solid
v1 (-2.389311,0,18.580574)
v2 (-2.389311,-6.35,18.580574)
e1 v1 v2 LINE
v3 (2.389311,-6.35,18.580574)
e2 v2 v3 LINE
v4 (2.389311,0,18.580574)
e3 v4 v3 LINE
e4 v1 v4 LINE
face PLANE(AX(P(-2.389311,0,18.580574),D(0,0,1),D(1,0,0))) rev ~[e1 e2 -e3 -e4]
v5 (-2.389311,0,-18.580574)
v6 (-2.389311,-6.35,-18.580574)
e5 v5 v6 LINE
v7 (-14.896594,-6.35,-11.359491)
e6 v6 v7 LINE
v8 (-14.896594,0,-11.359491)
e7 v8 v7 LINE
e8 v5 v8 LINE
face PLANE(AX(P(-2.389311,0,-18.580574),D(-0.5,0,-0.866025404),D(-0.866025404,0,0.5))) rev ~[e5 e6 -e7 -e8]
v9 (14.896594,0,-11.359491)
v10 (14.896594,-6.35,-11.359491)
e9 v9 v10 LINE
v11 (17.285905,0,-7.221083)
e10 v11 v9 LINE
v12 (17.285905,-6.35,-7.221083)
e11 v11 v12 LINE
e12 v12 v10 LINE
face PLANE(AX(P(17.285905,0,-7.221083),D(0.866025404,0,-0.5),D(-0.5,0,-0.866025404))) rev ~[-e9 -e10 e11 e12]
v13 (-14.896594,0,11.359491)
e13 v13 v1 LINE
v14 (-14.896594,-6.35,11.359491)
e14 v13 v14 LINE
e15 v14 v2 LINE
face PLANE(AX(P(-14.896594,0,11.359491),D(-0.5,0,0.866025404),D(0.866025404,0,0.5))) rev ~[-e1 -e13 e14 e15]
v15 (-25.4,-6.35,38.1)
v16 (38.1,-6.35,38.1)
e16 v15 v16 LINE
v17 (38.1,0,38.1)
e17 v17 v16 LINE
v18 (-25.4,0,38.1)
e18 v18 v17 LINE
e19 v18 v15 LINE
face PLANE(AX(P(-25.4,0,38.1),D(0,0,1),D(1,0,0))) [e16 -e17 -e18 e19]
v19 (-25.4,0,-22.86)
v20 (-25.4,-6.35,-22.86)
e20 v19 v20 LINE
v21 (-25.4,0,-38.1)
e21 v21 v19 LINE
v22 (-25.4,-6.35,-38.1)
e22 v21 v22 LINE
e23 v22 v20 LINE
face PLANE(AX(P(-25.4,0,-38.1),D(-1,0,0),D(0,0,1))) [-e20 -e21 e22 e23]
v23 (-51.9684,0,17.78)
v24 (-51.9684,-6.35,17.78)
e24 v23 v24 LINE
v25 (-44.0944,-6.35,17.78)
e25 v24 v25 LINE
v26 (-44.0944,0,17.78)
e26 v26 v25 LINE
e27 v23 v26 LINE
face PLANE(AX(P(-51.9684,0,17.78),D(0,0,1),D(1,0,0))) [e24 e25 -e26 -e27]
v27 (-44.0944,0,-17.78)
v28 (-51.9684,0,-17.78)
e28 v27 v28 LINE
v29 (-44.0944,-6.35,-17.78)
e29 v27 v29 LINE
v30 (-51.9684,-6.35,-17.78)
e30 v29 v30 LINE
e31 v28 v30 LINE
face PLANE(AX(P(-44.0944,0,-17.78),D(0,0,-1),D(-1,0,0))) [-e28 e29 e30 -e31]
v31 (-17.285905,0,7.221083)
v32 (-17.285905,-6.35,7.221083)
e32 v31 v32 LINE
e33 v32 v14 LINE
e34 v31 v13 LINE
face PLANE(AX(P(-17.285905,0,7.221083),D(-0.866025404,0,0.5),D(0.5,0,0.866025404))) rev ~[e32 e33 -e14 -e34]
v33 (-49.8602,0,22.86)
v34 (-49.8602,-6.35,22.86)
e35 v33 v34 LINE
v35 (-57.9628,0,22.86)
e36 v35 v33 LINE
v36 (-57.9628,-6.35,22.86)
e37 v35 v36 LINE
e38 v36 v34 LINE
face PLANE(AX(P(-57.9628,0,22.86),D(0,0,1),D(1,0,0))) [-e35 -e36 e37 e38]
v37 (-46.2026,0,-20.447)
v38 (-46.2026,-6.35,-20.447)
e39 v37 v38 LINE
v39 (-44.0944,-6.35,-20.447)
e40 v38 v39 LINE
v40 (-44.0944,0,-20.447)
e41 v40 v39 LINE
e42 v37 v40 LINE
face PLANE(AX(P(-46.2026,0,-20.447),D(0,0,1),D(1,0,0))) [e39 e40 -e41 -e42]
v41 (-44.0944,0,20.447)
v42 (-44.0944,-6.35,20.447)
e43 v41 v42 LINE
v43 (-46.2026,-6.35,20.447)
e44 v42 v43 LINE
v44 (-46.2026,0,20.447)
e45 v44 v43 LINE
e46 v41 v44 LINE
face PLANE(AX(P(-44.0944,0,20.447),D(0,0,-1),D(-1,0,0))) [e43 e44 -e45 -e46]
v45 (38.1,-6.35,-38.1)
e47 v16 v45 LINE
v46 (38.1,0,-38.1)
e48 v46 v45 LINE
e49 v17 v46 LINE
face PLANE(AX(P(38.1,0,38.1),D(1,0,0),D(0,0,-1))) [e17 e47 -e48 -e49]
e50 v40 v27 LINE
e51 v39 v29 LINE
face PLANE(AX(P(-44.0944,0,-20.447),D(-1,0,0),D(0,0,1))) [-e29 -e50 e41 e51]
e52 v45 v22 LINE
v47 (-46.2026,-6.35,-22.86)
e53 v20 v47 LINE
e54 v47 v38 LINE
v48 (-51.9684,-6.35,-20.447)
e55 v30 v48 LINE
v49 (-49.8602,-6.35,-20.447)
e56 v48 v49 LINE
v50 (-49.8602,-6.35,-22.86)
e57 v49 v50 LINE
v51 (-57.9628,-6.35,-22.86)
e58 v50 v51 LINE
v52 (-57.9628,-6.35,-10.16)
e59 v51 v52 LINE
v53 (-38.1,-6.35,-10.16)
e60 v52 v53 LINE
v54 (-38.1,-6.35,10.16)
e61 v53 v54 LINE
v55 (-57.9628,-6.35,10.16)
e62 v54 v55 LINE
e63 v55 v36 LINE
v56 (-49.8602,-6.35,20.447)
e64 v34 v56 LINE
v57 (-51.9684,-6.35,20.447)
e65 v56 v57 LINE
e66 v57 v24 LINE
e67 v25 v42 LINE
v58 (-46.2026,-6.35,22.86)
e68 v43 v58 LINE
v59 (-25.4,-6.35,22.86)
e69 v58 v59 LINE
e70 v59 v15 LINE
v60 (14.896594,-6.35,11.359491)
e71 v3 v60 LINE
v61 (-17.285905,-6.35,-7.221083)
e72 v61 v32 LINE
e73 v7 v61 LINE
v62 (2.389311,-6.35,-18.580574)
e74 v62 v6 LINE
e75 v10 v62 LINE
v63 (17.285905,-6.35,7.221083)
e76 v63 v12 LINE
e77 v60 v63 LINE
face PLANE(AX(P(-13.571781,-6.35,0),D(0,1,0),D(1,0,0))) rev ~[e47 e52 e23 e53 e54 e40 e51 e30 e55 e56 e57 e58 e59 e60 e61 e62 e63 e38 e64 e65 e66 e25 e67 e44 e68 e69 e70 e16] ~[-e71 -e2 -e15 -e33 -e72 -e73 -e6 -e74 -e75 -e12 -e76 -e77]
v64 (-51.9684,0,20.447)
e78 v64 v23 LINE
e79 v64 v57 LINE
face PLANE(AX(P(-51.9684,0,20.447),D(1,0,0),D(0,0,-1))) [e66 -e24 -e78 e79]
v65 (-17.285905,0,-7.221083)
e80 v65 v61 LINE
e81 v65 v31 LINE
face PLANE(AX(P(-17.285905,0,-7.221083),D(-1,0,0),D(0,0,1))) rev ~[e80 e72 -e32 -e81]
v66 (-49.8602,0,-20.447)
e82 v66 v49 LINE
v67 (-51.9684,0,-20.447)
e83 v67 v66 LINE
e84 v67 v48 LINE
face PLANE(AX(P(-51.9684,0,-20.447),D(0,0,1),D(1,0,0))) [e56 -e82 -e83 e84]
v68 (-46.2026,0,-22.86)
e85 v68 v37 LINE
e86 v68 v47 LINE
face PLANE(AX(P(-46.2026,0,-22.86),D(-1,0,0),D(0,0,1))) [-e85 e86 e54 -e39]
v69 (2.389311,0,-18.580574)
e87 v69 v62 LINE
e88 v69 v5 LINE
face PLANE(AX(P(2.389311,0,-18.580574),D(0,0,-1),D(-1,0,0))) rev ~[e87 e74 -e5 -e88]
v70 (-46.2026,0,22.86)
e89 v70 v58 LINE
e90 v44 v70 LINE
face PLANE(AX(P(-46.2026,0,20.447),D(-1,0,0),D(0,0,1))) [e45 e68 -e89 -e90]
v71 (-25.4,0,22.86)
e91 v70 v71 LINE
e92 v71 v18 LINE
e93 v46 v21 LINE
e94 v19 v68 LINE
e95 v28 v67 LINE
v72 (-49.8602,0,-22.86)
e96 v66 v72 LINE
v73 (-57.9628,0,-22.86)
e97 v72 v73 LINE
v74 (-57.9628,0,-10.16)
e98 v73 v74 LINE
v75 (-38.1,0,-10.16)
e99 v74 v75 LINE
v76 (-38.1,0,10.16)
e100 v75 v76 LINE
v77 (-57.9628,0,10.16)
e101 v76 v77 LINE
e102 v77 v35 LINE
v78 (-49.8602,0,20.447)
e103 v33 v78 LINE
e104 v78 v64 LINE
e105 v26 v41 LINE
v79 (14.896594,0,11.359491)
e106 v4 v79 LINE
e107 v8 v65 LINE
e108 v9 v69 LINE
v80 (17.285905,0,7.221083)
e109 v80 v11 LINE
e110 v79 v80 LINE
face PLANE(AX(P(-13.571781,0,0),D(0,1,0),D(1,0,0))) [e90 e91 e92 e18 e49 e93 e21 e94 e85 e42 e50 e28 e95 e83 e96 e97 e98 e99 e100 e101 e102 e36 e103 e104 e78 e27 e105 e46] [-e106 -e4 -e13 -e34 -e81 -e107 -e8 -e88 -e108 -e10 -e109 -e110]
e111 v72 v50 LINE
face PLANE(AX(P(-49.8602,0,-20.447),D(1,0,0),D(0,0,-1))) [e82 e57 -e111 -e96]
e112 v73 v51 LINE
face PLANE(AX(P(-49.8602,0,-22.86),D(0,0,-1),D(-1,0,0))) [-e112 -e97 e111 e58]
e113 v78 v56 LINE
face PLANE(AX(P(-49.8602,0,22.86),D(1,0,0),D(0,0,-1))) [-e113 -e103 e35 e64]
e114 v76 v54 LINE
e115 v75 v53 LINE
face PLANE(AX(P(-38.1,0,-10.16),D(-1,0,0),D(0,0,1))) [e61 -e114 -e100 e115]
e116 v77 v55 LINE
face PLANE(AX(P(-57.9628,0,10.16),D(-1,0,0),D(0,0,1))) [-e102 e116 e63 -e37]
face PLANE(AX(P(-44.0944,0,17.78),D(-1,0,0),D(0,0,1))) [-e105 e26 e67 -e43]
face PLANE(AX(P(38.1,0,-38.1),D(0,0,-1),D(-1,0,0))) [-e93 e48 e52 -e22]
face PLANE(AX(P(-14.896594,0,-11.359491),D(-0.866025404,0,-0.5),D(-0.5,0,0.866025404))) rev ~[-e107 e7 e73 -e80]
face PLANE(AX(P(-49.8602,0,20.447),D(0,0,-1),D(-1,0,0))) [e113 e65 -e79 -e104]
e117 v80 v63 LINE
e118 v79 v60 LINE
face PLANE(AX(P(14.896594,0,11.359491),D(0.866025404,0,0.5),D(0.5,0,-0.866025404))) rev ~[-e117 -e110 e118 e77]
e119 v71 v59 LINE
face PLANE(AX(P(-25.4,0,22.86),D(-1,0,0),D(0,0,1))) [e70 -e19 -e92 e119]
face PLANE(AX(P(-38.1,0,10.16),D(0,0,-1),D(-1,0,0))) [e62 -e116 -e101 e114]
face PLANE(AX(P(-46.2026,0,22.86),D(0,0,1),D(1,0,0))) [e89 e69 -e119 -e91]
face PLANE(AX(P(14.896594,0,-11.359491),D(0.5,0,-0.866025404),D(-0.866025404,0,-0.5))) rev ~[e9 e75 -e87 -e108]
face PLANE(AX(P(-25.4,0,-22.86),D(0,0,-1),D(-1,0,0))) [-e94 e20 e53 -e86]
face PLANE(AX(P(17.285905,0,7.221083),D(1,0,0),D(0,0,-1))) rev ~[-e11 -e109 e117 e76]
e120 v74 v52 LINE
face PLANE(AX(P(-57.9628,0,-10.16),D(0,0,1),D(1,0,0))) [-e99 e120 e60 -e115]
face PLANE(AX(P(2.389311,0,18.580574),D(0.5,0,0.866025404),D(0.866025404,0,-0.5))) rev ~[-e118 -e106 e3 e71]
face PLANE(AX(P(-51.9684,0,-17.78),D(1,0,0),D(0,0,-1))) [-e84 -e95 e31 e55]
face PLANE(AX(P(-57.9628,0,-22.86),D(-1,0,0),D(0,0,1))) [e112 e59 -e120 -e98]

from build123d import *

# Parameters (mm, degrees)
BOSS_EXTRUDE1_DEPTH = 6.35


with BuildPart() as part:
    # Sketch1 → Boss-Extrude1 (new body)
    with BuildSketch(Plane(origin=(0, 0, 0), x_dir=(1, 0, 0), z_dir=(0, 1, 0))):
        Polygon((-25.4, -38.1), (38.1, -38.1), (38.1, 38.1), (-25.4, 38.1), (-25.4, 22.86), (-38.1, 22.86), (-46.2026, 22.86), (-46.2026, 20.447), (-44.0944, 20.447), (-44.0944, 17.78), (-51.9684, 17.78), (-51.9684, 20.447), (-49.8602, 20.447), (-49.8602, 22.86), (-57.9628, 22.86), (-57.9628, 10.16), (-38.1, 10.16), (-38.1, -10.16), (-57.9628, -10.16), (-57.9628, -22.86), (-49.8602, -22.86), (-49.8602, -20.447), (-51.9684, -20.447), (-51.9684, -17.78), (-44.0944, -17.78), (-44.0944, -20.447), (-46.2026, -20.447), (-46.2026, -22.86), (-38.1, -22.86), (-25.4, -22.86), align=None)
        Polygon((-2.389310714, -18.580574179), (2.389310714, -18.580574179), (14.896593899, -11.359490865), (17.285904613, -7.221083314), (17.285904613, 7.221083314), (14.896593899, 11.359490865), (2.389310714, 18.580574179), (-2.389310714, 18.580574179), (-14.896593899, 11.359490865), (-17.285904613, 7.221083314), (-17.285904613, -7.221083314), (-14.896593899, -11.359490865), align=None, mode=Mode.SUBTRACT)
    extrude(amount=-BOSS_EXTRUDE1_DEPTH)


solid = part.part
